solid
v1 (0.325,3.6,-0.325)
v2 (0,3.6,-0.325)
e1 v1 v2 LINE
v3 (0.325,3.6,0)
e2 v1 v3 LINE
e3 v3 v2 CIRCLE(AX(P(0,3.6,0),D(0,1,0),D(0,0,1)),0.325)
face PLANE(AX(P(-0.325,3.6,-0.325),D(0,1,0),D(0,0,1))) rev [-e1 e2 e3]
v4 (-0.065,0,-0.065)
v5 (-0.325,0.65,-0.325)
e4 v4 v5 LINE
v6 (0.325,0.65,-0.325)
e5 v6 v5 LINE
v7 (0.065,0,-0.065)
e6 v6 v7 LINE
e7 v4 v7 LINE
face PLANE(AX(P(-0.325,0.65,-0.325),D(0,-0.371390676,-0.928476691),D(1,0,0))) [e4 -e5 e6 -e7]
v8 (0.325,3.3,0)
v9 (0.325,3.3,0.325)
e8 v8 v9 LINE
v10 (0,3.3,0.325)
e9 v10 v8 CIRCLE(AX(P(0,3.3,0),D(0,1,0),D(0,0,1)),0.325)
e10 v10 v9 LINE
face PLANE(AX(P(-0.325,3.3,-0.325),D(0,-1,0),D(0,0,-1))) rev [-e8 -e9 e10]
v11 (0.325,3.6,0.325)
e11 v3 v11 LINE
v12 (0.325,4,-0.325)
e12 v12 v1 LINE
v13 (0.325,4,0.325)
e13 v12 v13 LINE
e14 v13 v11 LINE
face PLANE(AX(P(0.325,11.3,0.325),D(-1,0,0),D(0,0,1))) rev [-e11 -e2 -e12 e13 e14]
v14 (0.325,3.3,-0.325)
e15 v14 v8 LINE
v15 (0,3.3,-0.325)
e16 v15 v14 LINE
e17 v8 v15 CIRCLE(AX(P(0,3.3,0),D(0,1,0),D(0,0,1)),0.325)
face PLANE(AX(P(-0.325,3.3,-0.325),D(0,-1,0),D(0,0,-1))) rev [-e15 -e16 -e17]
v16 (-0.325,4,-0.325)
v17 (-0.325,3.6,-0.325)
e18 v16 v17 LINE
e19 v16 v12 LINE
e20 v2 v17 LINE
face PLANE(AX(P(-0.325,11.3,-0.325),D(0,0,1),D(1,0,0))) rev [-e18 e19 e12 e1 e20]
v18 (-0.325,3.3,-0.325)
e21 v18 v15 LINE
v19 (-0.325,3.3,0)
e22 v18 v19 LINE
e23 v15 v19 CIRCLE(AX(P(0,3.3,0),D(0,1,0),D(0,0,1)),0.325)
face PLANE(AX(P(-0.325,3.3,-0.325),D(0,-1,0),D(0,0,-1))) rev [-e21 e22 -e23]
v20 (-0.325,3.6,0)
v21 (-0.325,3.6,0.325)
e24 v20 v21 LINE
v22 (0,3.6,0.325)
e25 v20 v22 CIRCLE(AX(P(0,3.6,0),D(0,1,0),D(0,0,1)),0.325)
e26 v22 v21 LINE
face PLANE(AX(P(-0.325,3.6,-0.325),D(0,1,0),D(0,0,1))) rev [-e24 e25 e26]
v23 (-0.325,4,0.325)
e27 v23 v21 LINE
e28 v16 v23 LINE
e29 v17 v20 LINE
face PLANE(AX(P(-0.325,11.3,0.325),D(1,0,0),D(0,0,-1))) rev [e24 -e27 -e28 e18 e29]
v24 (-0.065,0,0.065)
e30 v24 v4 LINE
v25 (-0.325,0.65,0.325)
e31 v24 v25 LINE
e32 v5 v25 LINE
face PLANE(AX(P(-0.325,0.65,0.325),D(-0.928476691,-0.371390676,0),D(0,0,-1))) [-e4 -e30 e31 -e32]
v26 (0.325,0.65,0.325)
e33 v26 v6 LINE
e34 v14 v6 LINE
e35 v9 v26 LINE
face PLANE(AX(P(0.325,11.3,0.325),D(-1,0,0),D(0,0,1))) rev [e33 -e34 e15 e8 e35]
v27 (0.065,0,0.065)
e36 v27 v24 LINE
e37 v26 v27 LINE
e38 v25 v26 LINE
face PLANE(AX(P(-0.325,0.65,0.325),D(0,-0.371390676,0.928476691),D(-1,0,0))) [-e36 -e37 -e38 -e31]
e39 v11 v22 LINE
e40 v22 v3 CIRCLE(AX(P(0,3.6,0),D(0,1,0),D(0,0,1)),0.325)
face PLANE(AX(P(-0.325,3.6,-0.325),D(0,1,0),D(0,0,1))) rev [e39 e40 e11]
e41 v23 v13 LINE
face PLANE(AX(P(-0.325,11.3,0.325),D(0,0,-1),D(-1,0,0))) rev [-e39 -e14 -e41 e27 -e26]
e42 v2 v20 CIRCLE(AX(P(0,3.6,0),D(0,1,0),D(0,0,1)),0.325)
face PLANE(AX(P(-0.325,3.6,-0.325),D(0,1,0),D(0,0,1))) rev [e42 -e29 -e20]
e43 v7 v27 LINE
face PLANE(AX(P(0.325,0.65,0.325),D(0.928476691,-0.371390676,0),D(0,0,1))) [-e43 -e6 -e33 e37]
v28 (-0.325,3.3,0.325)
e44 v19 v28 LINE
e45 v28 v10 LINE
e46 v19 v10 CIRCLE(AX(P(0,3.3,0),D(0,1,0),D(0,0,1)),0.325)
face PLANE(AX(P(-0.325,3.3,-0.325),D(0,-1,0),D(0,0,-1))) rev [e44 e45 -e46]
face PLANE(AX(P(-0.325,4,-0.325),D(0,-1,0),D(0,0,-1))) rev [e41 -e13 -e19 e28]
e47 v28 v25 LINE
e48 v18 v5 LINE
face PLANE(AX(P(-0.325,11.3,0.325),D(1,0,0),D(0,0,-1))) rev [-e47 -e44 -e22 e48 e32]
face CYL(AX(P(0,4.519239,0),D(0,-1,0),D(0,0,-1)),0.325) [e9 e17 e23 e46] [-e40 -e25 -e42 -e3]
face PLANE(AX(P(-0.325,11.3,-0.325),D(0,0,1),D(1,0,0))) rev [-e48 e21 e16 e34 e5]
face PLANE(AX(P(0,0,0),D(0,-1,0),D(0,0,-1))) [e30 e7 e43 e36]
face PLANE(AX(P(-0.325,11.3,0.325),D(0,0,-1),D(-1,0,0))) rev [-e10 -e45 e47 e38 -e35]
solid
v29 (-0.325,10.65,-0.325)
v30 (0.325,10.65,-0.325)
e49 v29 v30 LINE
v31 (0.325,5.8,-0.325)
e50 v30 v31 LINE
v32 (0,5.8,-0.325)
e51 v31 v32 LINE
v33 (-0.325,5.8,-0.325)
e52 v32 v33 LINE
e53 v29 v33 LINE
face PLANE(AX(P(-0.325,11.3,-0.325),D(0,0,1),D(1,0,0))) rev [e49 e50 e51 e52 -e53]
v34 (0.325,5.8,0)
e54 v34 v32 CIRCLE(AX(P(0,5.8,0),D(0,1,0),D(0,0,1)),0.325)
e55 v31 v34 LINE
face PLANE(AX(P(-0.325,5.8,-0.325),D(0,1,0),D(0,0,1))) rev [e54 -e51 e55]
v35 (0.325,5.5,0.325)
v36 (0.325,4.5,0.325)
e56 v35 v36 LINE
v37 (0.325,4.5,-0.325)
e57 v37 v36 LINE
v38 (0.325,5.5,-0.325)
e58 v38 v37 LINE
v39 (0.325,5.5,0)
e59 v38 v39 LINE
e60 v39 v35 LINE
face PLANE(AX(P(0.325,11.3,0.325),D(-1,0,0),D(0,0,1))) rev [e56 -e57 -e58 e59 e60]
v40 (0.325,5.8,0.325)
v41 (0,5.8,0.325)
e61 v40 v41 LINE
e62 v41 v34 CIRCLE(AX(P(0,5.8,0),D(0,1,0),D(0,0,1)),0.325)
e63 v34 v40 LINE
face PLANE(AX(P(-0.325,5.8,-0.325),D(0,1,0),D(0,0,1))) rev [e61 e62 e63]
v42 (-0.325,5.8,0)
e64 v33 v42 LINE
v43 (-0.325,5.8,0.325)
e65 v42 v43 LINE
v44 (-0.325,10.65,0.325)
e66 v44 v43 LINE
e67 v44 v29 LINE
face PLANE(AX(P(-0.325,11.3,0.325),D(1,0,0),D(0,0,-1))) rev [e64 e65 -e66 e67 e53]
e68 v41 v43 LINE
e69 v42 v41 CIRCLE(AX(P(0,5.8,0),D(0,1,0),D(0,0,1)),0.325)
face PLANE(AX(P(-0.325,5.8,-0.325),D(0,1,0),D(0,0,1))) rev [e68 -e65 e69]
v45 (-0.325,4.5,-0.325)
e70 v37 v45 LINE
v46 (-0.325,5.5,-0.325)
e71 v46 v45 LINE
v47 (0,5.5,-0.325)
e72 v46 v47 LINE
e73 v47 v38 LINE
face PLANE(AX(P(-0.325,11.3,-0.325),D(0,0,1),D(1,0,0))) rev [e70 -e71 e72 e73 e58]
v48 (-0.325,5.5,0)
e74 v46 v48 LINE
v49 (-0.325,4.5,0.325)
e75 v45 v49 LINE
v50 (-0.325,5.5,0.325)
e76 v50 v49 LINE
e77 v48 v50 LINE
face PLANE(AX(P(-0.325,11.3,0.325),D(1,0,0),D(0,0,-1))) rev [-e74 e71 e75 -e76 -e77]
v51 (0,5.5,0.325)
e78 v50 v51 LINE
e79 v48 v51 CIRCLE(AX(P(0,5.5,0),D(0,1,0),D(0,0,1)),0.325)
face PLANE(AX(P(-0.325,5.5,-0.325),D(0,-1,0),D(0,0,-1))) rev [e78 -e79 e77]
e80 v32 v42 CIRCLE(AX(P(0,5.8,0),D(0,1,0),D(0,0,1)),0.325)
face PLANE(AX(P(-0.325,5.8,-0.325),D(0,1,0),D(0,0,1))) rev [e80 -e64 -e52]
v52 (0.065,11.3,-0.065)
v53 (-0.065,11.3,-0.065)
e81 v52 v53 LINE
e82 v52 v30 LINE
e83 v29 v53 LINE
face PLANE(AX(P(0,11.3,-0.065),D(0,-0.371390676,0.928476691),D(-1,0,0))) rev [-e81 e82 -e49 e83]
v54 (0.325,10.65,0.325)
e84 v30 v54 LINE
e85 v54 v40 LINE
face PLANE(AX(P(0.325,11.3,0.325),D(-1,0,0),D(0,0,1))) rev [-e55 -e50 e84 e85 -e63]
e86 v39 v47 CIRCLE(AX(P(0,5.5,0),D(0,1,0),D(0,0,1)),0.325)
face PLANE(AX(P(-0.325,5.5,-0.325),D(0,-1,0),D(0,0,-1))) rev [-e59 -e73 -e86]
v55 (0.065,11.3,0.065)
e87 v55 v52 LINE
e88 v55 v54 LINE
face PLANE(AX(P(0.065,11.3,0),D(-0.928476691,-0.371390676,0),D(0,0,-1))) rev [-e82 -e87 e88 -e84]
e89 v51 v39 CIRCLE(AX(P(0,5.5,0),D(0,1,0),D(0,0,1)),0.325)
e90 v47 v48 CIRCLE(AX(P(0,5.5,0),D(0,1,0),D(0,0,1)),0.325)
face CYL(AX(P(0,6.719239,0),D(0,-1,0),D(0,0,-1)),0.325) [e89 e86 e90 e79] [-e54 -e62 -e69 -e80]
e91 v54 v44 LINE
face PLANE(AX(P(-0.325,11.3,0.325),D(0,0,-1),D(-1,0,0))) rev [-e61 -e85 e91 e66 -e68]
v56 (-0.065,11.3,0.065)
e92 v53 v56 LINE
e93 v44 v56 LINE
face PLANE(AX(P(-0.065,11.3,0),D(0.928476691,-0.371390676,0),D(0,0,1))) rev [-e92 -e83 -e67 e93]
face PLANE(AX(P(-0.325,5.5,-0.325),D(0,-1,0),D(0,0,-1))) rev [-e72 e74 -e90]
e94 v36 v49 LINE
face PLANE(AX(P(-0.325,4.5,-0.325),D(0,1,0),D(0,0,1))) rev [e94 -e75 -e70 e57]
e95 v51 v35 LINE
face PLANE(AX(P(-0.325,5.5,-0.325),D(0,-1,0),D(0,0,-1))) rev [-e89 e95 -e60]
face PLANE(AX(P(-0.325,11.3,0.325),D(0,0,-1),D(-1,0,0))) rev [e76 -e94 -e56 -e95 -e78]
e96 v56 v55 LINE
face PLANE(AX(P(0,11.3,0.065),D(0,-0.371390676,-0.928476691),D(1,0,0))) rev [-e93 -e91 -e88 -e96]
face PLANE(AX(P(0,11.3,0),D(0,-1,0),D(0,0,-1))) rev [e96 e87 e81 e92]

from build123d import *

# Parameters (mm, degrees)
SKETCH2_W             = 0.65
SKETCH2_H             = 0.65
BOSS_EXTRUDE1_DEPTH   = 11.3
SKETCH6_W             = 0.65
SKETCH6_H             = 0.5
CUT_EXTRUDE1_DEPTH    = 1.65
SKETCH7_W             = 0.65
SKETCH7_H             = 0.3
CUT_EXTRUDE2_DEPTH    = 1.65
SKETCH8_R             = 0.325
BOSS_EXTRUDE2_DEPTH   = 0.3
SKETCH9_W             = 0.65
SKETCH9_H             = 0.3
CUT_EXTRUDE3_DEPTH    = 1.65
SKETCH10_R            = 0.325
BOSS_EXTRUDE3_DEPTH   = 0.3
CHAMFER1_SIZE         = 0.65
CHAMFER1_SIZE2        = 0.26
CHAMFER1_PART_2_SIZE  = 0.65
CHAMFER1_PART_2_SIZE2 = 0.26
CHAMFER1_PART_3_SIZE  = 0.65
CHAMFER1_PART_3_SIZE2 = 0.26
CHAMFER1_PART_4_SIZE  = 0.65
CHAMFER1_PART_4_SIZE2 = 0.26
CHAMFER2_SIZE         = 0.26
CHAMFER2_SIZE2        = 0.65


with BuildPart() as part:
    # Sketch2 → Boss-Extrude1 (new body)
    with BuildSketch(Plane(origin=(0, 0, 0), x_dir=(1, 0, 0), z_dir=(0, 1, 0))):
        Rectangle(SKETCH2_W, SKETCH2_H)
    extrude(amount=BOSS_EXTRUDE1_DEPTH)

    # Sketch6 → Cut-Extrude1 (cut, through all)
    with BuildSketch(Plane.XY.offset(0.325)):
        with Locations((0, 4.25)):
            Rectangle(SKETCH6_W, SKETCH6_H)
    extrude(amount=-CUT_EXTRUDE1_DEPTH, mode=Mode.SUBTRACT)

    # Sketch7 → Cut-Extrude2 (cut, through all)
    with BuildSketch(Plane.XY.offset(0.325)):
        with Locations((0, 3.45)):
            Rectangle(SKETCH7_W, SKETCH7_H)
    extrude(amount=-CUT_EXTRUDE2_DEPTH, mode=Mode.SUBTRACT)

    # Sketch8 → Boss-Extrude2 (add)
    with BuildSketch(Plane(origin=(0, 3.3, 0), x_dir=(1, 0, 0), z_dir=(0, 1, 0))):
        Circle(SKETCH8_R)
    extrude(amount=BOSS_EXTRUDE2_DEPTH)

    # Sketch9 → Cut-Extrude3 (cut, through all)
    with BuildSketch(Plane.XY.offset(0.325)):
        with Locations((0, 5.65)):
            Rectangle(SKETCH9_W, SKETCH9_H)
    extrude(amount=-CUT_EXTRUDE3_DEPTH, mode=Mode.SUBTRACT)

    # Sketch10 → Boss-Extrude3 (add)
    with BuildSketch(Plane(origin=(0, 5.5, 0), x_dir=(1, 0, 0), z_dir=(0, 1, 0))):
        Circle(SKETCH10_R)
    extrude(amount=BOSS_EXTRUDE3_DEPTH)

    # Chamfer1
    chamfer1_edges = [part.edges().sort_by_distance(p)[0] for p in [
        (0.325, 11.3, 0),
    ]]
    chamfer1_side = [part.faces().sort_by_distance(p)[0] for p in [
        (0.325, 8.55, 0),
    ]]
    chamfer(chamfer1_edges, length=CHAMFER1_SIZE, length2=CHAMFER1_SIZE2, reference=chamfer1_side[0])

    # Chamfer1 part 2
    chamfer1_part_2_edges = [part.edges().sort_by_distance(p)[0] for p in [
        (0, 11.3, -0.325),
    ]]
    chamfer1_part_2_side = [part.faces().sort_by_distance(p)[0] for p in [
        (0, 8.55, -0.325),
    ]]
    chamfer(chamfer1_part_2_edges, length=CHAMFER1_PART_2_SIZE, length2=CHAMFER1_PART_2_SIZE2, reference=chamfer1_part_2_side[0])

    # Chamfer1 part 3
    chamfer1_part_3_edges = [part.edges().sort_by_distance(p)[0] for p in [
        (-0.325, 11.3, 0),
    ]]
    chamfer1_part_3_side = [part.faces().sort_by_distance(p)[0] for p in [
        (-0.325, 8.55, 0),
    ]]
    chamfer(chamfer1_part_3_edges, length=CHAMFER1_PART_3_SIZE, length2=CHAMFER1_PART_3_SIZE2, reference=chamfer1_part_3_side[0])

    # Chamfer1 part 4
    chamfer1_part_4_edges = [part.edges().sort_by_distance(p)[0] for p in [
        (0, 11.3, 0.325),
    ]]
    chamfer1_part_4_side = [part.faces().sort_by_distance(p)[0] for p in [
        (0, 8.55, 0.325),
    ]]
    chamfer(chamfer1_part_4_edges, length=CHAMFER1_PART_4_SIZE, length2=CHAMFER1_PART_4_SIZE2, reference=chamfer1_part_4_side[0])

    # Chamfer2
    chamfer2_edges = [part.edges().sort_by_distance(p)[0] for p in [
        (0, 0, 0.325),
        (-0.325, 0, 0),
        (0, 0, -0.325),
        (0.325, 0, 0),
    ]]
    chamfer2_side = [part.faces().sort_by_distance(p)[0] for p in [
        (0, 0, 0),
    ]]
    chamfer(chamfer2_edges, length=CHAMFER2_SIZE, length2=CHAMFER2_SIZE2, reference=chamfer2_side[0])


solid = part.part
